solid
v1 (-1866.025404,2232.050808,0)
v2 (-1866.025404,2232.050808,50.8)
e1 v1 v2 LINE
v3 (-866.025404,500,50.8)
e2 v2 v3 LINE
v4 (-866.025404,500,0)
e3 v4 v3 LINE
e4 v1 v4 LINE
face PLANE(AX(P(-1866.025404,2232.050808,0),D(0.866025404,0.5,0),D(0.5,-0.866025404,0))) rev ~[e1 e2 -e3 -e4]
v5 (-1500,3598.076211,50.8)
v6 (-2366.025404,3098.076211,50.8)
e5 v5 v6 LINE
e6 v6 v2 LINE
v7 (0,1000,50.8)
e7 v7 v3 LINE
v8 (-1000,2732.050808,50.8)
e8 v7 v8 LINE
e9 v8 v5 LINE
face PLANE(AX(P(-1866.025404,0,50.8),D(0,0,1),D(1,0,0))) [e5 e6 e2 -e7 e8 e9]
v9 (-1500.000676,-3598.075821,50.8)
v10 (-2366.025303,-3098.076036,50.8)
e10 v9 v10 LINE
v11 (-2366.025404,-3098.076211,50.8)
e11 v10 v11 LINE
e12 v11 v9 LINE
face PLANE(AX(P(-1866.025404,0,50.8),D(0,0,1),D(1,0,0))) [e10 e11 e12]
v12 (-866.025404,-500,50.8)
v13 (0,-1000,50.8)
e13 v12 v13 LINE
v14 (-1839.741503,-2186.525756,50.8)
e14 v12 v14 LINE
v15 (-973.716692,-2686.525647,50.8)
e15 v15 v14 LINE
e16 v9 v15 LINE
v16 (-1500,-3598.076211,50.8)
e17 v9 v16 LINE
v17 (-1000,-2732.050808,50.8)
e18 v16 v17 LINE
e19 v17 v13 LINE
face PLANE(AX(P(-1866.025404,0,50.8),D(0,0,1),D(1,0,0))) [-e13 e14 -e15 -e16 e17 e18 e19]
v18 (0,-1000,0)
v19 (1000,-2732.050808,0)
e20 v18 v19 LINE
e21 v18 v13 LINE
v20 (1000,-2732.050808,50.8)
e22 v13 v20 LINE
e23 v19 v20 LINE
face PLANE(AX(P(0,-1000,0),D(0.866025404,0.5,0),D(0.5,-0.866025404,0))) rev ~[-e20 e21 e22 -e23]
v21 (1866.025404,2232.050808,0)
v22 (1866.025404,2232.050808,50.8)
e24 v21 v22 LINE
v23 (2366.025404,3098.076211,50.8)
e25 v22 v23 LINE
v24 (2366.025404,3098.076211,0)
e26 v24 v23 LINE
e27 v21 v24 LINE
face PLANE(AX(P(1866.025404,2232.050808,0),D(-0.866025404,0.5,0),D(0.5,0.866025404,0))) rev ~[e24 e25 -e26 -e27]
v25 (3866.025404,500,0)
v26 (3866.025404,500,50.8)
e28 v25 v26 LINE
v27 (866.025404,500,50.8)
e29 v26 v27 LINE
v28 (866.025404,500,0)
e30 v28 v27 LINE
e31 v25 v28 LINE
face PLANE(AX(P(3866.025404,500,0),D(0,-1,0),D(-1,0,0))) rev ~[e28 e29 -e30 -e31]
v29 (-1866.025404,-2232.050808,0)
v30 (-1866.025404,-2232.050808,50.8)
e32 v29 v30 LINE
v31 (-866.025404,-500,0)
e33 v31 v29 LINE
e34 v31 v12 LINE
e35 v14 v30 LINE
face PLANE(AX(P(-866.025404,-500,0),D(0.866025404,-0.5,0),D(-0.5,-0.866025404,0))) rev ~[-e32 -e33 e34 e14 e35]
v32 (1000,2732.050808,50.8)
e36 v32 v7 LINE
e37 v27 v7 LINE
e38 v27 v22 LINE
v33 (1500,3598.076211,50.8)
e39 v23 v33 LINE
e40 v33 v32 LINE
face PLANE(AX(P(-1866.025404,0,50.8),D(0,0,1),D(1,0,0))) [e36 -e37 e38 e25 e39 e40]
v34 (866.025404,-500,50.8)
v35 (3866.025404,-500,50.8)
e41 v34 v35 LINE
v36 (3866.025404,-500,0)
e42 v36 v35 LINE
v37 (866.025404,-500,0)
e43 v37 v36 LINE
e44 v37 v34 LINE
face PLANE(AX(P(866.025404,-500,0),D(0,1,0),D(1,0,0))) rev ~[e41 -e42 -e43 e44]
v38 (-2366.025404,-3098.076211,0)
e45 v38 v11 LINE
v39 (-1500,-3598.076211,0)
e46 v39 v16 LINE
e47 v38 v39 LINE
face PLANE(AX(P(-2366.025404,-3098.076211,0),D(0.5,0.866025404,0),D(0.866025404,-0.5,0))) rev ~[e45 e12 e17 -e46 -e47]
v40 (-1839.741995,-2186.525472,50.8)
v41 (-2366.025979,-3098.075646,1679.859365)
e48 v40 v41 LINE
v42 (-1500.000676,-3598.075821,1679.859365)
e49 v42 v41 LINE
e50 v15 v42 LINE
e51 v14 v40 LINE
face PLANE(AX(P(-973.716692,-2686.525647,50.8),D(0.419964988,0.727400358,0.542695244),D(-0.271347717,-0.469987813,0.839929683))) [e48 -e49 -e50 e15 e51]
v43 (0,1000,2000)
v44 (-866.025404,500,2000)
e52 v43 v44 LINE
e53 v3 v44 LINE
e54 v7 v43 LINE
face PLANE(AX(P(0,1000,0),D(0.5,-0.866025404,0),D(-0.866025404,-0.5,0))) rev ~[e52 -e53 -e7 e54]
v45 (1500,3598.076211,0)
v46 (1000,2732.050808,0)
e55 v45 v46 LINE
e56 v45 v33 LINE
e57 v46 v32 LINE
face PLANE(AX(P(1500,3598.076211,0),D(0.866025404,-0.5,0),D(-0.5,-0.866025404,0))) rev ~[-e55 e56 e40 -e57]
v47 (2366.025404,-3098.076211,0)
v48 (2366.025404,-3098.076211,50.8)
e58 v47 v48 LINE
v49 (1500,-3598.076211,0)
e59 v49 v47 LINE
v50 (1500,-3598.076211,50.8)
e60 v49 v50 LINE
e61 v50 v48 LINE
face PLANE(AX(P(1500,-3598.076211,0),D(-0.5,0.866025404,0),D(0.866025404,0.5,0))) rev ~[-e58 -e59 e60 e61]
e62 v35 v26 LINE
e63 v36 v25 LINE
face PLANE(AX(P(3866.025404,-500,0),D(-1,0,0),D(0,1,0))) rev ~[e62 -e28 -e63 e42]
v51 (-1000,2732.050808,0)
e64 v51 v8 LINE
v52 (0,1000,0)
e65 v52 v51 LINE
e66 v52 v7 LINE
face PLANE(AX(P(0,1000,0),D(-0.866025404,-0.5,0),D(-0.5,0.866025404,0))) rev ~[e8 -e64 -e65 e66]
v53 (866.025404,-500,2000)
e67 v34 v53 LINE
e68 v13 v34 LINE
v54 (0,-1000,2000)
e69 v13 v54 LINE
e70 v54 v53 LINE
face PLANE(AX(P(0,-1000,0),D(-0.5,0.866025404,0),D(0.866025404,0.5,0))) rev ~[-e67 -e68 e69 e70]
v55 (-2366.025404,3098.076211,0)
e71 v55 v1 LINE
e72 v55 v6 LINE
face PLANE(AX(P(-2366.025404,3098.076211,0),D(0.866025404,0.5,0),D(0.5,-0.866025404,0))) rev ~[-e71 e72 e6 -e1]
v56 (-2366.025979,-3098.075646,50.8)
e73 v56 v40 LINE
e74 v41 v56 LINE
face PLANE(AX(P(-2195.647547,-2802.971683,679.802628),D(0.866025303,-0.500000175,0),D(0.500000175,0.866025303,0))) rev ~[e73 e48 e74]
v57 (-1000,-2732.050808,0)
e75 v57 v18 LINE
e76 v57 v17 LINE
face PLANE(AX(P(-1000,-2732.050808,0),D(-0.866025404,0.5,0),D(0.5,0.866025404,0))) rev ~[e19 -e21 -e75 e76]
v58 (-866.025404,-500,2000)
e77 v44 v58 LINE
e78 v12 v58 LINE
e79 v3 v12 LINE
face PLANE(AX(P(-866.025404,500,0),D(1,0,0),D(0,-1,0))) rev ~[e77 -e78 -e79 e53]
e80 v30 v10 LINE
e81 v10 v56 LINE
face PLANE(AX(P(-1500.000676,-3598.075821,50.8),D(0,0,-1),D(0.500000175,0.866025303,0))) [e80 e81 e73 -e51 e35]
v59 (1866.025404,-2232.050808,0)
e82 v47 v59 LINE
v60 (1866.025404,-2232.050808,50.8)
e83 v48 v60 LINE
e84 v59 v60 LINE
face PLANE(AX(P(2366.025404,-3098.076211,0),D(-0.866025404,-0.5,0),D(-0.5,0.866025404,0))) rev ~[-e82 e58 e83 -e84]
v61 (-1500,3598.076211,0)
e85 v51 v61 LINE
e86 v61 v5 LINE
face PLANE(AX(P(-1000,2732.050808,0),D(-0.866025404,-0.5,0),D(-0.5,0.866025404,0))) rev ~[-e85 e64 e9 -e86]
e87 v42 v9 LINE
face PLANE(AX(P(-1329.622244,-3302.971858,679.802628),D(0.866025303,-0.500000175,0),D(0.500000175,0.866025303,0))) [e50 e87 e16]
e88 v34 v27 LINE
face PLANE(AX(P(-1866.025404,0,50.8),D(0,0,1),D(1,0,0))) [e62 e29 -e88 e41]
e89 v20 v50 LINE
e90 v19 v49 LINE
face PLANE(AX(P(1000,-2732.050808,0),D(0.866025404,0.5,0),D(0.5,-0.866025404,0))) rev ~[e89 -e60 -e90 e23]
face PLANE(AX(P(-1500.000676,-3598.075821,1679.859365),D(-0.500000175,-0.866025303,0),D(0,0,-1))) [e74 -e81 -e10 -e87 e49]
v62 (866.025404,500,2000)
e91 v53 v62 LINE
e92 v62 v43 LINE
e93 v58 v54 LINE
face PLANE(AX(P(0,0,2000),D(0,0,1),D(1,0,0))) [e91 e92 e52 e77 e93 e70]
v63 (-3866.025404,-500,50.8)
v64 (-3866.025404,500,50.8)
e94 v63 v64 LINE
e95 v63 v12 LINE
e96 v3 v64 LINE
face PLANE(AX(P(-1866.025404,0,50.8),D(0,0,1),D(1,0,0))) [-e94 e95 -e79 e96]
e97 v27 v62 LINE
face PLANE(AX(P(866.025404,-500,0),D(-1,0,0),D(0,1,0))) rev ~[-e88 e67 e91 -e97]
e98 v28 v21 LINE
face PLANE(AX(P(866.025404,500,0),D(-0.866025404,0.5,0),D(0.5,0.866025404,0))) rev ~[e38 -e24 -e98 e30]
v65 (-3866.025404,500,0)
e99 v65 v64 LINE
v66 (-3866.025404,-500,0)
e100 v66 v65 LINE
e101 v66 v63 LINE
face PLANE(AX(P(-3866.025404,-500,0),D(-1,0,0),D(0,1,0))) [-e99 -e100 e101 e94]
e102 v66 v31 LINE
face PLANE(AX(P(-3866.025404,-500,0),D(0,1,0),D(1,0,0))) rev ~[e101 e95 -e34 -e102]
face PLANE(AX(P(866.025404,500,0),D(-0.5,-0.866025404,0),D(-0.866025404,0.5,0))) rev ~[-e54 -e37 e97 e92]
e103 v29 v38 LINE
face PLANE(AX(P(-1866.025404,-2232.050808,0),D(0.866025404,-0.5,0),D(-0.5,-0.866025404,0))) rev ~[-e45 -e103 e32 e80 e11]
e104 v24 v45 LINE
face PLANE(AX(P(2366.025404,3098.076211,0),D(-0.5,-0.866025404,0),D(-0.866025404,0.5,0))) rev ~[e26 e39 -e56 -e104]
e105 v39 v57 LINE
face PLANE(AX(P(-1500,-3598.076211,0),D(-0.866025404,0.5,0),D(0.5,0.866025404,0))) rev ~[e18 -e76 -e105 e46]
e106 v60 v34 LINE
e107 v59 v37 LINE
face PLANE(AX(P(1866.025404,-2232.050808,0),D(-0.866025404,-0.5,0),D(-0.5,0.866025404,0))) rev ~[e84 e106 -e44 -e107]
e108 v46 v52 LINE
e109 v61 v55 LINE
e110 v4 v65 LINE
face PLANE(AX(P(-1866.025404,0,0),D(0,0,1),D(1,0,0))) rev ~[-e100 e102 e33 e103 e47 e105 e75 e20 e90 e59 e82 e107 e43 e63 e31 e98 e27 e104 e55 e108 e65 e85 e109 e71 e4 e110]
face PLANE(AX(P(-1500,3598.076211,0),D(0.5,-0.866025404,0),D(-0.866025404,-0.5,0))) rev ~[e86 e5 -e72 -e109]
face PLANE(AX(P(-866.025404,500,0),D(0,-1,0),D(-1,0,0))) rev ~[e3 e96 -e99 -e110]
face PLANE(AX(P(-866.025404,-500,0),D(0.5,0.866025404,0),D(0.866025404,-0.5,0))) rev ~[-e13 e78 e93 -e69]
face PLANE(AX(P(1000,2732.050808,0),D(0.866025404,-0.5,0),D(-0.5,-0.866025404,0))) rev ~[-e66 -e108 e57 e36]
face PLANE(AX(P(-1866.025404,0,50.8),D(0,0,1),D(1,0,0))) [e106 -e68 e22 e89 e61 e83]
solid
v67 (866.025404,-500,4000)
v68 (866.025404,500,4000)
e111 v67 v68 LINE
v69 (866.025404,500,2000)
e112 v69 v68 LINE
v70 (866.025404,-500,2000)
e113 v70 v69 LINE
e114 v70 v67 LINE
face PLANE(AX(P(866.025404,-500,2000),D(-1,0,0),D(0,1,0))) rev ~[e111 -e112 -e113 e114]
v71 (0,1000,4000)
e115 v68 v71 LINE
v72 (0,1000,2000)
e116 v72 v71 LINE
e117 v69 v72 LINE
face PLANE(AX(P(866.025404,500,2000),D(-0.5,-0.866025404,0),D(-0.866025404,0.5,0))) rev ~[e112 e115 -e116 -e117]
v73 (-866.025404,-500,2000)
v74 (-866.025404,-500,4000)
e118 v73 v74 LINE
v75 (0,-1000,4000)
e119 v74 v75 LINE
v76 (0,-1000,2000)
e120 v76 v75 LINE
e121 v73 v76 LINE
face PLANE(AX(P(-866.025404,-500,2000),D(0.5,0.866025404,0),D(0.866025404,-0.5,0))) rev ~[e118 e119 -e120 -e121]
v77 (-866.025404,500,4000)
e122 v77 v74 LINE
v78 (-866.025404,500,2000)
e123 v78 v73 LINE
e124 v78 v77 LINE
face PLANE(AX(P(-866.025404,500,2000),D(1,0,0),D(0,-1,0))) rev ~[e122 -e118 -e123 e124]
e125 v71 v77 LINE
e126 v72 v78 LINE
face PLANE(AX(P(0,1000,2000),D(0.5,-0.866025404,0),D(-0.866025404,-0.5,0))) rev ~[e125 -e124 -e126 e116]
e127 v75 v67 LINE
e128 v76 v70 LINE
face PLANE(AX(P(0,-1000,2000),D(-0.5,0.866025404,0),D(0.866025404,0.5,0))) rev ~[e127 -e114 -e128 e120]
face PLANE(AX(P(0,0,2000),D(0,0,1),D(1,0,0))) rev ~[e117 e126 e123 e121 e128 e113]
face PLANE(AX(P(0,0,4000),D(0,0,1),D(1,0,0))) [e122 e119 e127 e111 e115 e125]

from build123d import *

# Parameters (mm, degrees)
F1_DEPTH = 2000
F0_W     = 2000
F0_H     = 1000
F0_W_2   = 1000
F2_DEPTH = 50.8
F3_DEPTH = 2000
F5_DEPTH = 1000


with BuildPart() as f1:
    # F0 (on Top) → F1 (new body)
    with BuildSketch(Plane.XY):
        Polygon((-866.025404, 500), (-866.025404, -500), (-433.012702, -750), (0, -1000), (866.025404, -500), (866.025404, 500), (0, 1000), align=None)
    extrude(amount=F1_DEPTH)

    # F0 (on Top) → F2 (join)
    with BuildSketch(Plane.XY):
        with Locations((-1866.025404, 0)):
            Rectangle(F0_W, F0_H)
        Polygon((-866.025404, 500), (-866.025404, -500), (-433.012702, -750), (0, -1000), (866.025404, -500), (866.025404, 500), (0, 1000), align=None)
        Polygon((-433.012702, -750), (-866.025404, -500), (-1866.025404, -2232.050808), (-1433.012702, -2482.050808), align=None)
        Polygon((-1866.025404, 2232.050808), (-866.025404, 500), (0, 1000), (-1000, 2732.050808), align=None)
        Polygon((0, -1000), (-433.012702, -750), (-1433.012702, -2482.050808), (-1000, -2732.050808), align=None)
        with Locations((-3366.025404, 0)):
            Rectangle(F0_W_2, F0_H)
        Polygon((-1433.012702, -2482.050808), (-1866.025404, -2232.050808), (-2366.025404, -3098.076211), (-1933.012702, -3348.076211), align=None)
        Polygon((1000, 2732.050808), (0, 1000), (866.025404, 500), (1866.025404, 2232.050808), align=None)
        Polygon((-2366.025404, 3098.076211), (-1866.025404, 2232.050808), (-1000, 2732.050808), (-1500, 3598.076211), align=None)
        Polygon((866.025404, -500), (0, -1000), (1000, -2732.050808), (1866.025404, -2232.050808), align=None)
        Polygon((-1000, -2732.050808), (-1433.012702, -2482.050808), (-1933.012702, -3348.076211), (-1500, -3598.076211), align=None)
        with Locations((1866.025404, 0)):
            Rectangle(F0_W, F0_H)
        Polygon((1500, 3598.076211), (1000, 2732.050808), (1866.025404, 2232.050808), (2366.025404, 3098.076211), align=None)
        Polygon((1866.025404, -2232.050808), (1000, -2732.050808), (1500, -3598.076211), (2366.025404, -3098.076211), align=None)
        with Locations((3366.025404, 0)):
            Rectangle(F0_W_2, F0_H)
    extrude(amount=F2_DEPTH)

    # F4 (on face) → F5 (join)
    with BuildSketch(Plane(origin=(433.012702, -250, 0), x_dir=(0.5, 0.866025, 0), z_dir=(0.866025, -0.5, 0))):
        Polygon((-3866.025404, 1679.859365), (-3866.025404, 50.8), (-2813.457804, 50.8), align=None)
    extrude(amount=-F5_DEPTH)


with BuildPart() as f3:
    # F1_face (on face) → F3 (new body)
    with BuildSketch(Plane.XY.offset(2000)):
        Polygon((-866.025404, 500), (-866.025404, -500), (0, -1000), (866.025404, -500), (866.025404, 500), (0, 1000), align=None)
    extrude(amount=F3_DEPTH)


solid = Compound([f1.part, f3.part])
